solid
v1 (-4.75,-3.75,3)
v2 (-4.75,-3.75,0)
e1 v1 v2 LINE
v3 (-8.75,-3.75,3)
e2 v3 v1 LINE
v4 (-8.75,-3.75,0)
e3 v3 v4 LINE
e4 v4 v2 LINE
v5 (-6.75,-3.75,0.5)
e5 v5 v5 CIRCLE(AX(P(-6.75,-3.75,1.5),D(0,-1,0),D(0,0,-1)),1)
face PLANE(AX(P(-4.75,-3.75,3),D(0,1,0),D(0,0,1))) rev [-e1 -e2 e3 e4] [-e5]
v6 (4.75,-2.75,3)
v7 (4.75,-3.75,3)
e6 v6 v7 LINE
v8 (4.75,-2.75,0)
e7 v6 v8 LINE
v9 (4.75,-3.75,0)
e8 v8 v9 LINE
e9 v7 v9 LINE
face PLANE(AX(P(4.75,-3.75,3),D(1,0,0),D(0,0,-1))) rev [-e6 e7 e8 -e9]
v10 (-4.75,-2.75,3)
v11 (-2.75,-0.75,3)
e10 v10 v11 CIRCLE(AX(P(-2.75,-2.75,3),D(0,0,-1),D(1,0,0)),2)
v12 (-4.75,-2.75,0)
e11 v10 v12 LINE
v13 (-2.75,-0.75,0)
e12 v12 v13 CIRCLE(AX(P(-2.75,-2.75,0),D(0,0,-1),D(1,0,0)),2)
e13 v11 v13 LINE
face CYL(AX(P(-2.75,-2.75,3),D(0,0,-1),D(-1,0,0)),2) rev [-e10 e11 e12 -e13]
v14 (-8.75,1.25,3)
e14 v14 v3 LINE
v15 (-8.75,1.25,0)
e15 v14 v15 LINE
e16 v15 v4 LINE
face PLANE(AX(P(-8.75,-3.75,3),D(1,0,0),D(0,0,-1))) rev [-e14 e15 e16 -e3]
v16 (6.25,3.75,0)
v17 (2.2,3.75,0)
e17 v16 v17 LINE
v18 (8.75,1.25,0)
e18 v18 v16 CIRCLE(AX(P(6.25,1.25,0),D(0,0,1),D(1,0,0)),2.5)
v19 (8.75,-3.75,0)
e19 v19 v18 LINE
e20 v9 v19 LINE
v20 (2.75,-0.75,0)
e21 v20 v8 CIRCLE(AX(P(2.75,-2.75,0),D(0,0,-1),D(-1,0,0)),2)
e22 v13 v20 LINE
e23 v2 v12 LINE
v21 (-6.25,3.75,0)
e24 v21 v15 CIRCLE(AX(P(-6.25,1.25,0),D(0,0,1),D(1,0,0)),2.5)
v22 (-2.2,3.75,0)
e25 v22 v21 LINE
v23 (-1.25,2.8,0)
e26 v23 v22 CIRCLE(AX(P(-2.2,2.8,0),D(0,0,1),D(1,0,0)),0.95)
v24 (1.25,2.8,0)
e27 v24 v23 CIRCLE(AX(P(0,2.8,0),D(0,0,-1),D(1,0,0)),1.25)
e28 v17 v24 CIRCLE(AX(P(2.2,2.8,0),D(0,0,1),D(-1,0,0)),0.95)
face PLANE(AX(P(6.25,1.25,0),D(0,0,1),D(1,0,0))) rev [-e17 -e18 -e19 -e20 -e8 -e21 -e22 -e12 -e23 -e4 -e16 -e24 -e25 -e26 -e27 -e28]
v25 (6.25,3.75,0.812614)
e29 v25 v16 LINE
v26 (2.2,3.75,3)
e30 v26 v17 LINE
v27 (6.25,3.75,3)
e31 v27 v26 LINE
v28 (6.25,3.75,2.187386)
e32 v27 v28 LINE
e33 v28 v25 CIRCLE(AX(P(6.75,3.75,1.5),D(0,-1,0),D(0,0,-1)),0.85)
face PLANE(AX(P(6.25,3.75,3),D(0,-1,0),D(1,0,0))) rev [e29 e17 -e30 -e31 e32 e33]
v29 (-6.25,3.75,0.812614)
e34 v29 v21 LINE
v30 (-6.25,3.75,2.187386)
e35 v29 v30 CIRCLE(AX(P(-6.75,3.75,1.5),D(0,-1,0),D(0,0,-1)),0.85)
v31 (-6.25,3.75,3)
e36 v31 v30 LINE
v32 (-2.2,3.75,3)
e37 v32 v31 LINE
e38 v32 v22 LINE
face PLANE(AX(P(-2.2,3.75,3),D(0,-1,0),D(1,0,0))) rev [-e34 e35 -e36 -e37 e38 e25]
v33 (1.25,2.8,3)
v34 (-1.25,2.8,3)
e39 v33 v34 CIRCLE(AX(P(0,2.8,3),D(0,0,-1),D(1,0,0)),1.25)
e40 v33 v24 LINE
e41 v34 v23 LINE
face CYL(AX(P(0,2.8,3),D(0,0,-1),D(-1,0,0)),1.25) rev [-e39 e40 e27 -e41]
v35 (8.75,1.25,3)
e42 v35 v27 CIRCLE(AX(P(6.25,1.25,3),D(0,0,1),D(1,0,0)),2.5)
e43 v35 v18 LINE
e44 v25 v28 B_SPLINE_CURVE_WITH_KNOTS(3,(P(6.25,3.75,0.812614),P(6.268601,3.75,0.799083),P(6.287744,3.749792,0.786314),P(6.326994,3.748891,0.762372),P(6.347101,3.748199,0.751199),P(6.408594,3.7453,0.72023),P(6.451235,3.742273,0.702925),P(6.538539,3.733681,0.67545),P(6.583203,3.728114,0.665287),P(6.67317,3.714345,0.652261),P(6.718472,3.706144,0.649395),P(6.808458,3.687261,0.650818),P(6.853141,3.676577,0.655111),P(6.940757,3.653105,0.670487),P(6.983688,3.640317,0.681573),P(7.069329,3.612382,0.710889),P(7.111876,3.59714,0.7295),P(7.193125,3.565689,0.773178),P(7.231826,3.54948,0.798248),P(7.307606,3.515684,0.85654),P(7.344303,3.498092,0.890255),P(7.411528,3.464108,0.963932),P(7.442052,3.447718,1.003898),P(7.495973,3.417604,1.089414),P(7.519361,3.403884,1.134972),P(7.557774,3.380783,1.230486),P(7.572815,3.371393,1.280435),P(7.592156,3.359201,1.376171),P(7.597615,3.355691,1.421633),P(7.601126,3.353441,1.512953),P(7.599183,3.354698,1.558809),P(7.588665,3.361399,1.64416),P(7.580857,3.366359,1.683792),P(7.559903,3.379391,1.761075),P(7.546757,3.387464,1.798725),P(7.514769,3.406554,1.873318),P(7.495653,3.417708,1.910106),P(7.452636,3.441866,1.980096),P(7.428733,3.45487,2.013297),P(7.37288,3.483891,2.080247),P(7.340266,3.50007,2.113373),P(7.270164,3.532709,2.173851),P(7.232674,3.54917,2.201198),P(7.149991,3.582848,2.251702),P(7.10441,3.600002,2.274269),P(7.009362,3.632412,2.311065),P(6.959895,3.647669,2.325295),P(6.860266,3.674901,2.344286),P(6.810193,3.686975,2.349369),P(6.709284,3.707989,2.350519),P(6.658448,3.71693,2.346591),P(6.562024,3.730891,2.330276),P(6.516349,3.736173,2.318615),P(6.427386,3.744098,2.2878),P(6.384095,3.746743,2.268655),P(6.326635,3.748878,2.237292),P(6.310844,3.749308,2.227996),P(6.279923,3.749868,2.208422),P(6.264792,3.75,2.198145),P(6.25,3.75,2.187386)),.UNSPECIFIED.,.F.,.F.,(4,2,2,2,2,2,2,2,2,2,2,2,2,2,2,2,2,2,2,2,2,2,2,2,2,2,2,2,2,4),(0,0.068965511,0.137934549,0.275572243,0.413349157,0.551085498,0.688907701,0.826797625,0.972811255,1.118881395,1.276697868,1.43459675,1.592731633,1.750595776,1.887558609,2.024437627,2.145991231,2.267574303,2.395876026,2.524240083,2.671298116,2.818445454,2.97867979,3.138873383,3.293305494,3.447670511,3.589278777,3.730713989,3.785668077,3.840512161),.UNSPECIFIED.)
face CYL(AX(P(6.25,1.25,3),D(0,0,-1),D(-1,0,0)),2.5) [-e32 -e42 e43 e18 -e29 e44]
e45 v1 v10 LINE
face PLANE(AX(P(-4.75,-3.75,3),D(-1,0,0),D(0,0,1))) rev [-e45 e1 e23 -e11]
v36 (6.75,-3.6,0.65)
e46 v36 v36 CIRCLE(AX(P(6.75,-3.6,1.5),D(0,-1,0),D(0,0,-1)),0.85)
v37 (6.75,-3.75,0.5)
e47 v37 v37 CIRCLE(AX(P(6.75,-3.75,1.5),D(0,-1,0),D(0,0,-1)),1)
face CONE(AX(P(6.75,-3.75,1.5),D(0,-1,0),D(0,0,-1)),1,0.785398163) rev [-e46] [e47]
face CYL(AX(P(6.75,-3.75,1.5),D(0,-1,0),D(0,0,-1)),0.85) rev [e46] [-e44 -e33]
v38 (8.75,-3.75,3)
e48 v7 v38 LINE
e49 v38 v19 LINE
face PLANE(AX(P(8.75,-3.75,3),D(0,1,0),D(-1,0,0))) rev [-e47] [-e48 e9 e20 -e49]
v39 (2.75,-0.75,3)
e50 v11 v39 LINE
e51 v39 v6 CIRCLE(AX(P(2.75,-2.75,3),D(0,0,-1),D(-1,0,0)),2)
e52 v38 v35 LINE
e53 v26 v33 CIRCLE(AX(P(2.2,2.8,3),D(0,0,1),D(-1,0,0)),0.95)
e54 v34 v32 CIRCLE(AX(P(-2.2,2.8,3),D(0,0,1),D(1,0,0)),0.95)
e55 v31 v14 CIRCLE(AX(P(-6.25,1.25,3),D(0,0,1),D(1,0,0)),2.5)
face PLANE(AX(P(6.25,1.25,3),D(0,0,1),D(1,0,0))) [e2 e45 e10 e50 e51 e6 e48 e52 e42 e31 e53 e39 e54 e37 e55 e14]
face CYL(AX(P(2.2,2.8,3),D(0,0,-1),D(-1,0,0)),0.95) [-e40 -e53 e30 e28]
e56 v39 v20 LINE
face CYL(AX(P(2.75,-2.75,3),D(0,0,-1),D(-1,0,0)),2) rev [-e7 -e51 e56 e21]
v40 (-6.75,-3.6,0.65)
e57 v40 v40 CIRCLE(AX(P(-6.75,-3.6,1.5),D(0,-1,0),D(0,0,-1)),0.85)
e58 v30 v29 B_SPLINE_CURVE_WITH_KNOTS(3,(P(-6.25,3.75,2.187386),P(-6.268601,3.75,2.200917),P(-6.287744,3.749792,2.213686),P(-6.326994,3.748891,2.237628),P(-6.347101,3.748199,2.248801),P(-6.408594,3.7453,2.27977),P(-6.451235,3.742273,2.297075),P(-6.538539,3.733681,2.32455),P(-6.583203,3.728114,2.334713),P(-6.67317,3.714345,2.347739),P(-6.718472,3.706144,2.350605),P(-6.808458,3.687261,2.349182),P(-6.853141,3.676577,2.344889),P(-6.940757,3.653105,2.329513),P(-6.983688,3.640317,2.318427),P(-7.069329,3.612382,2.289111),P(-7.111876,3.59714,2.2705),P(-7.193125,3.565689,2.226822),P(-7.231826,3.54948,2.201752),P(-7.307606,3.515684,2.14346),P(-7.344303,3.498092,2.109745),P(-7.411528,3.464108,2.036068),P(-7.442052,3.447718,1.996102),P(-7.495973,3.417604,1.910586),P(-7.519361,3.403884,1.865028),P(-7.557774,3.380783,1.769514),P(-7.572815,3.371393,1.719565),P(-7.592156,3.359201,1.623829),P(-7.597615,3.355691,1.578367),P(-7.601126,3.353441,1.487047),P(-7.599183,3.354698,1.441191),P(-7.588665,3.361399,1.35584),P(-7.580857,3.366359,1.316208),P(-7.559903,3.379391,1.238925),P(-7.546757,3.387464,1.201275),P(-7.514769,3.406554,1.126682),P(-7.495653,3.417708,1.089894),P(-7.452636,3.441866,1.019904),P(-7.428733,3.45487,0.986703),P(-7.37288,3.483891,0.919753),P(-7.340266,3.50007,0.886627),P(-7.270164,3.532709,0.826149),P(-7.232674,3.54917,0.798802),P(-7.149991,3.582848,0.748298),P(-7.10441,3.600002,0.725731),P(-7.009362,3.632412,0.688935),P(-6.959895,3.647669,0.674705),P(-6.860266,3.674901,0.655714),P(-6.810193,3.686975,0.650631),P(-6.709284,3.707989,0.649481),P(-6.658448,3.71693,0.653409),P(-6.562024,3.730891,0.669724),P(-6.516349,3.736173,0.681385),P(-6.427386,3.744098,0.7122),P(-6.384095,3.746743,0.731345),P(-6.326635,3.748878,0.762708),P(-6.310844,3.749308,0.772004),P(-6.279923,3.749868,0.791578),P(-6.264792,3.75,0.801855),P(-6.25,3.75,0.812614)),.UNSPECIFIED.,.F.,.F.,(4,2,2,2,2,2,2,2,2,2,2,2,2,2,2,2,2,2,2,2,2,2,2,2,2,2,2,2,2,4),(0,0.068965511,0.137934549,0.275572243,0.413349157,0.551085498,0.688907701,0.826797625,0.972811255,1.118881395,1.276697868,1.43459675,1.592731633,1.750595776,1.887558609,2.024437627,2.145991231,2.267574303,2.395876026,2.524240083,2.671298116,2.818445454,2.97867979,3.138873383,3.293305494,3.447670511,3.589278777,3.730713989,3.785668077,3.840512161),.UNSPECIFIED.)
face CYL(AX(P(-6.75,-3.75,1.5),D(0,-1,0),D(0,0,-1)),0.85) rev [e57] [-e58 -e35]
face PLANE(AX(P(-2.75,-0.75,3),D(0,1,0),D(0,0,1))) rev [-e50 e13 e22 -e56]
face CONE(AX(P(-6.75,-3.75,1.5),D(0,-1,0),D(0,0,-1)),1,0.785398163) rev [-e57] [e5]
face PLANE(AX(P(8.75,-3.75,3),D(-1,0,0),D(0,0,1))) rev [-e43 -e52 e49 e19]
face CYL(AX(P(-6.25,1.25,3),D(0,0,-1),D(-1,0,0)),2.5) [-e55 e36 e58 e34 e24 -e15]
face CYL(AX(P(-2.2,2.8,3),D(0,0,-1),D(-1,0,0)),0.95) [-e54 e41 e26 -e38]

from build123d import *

# Parameters (mm, degrees)
BOSS_EXTRUDE1_DEPTH                                  = 3
CSK_FOR_M1_6_COUNTERSUNK_FLAT_HEAD_SCREW_D           = 1.7
CSK_FOR_M1_6_COUNTERSUNK_FLAT_HEAD_SCREW_CSINK_D     = 2
CSK_FOR_M1_6_COUNTERSUNK_FLAT_HEAD_SCREW_CSINK_ANGLE = 90


with BuildPart() as part:
    # Sketch1 → Boss-Extrude1 (new body)
    with BuildSketch(Plane.XY):
        with BuildLine():
            Line((8.75, -3.75), (4.75, -3.75))
            Line((4.75, -3.75), (4.75, -2.75))
            ThreePointArc((4.75, -2.75), (4.164213562, -1.335786438), (2.75, -0.75))
            Line((2.75, -0.75), (-2.75, -0.75))
            ThreePointArc((-2.75, -0.75), (-4.164213562, -1.335786438), (-4.75, -2.75))
            Line((-4.75, -2.75), (-4.75, -3.75))
            Line((-4.75, -3.75), (-8.75, -3.75))
            Line((-8.75, -3.75), (-8.75, 1.25))
            ThreePointArc((-8.75, 1.25), (-8.017766953, 3.017766953), (-6.25, 3.75))
            Line((-6.25, 3.75), (-2.2, 3.75))
            ThreePointArc((-2.2, 3.75), (-1.528248558, 3.471751442), (-1.25, 2.8))
            ThreePointArc((-1.25, 2.8), (0, 1.55), (1.25, 2.8))
            ThreePointArc((1.25, 2.8), (1.528248558, 3.471751442), (2.2, 3.75))
            Line((2.2, 3.75), (6.25, 3.75))
            ThreePointArc((6.25, 3.75), (8.017766953, 3.017766953), (8.75, 1.25))
            Line((8.75, 1.25), (8.75, -3.75))
        make_face()
    extrude(amount=BOSS_EXTRUDE1_DEPTH)

    # CSK for M1.6 Countersunk Flat Head Screw1 (through all)
    with Locations(Plane(origin=(0, -3.75, 0), x_dir=(-1, 0, 0), z_dir=(0, -1, 0))):
        with Locations((6.75, -1.5), (-6.75, -1.5)):
            CounterSinkHole(CSK_FOR_M1_6_COUNTERSUNK_FLAT_HEAD_SCREW_D / 2, CSK_FOR_M1_6_COUNTERSUNK_FLAT_HEAD_SCREW_CSINK_D / 2, counter_sink_angle=CSK_FOR_M1_6_COUNTERSUNK_FLAT_HEAD_SCREW_CSINK_ANGLE)


solid = part.part
